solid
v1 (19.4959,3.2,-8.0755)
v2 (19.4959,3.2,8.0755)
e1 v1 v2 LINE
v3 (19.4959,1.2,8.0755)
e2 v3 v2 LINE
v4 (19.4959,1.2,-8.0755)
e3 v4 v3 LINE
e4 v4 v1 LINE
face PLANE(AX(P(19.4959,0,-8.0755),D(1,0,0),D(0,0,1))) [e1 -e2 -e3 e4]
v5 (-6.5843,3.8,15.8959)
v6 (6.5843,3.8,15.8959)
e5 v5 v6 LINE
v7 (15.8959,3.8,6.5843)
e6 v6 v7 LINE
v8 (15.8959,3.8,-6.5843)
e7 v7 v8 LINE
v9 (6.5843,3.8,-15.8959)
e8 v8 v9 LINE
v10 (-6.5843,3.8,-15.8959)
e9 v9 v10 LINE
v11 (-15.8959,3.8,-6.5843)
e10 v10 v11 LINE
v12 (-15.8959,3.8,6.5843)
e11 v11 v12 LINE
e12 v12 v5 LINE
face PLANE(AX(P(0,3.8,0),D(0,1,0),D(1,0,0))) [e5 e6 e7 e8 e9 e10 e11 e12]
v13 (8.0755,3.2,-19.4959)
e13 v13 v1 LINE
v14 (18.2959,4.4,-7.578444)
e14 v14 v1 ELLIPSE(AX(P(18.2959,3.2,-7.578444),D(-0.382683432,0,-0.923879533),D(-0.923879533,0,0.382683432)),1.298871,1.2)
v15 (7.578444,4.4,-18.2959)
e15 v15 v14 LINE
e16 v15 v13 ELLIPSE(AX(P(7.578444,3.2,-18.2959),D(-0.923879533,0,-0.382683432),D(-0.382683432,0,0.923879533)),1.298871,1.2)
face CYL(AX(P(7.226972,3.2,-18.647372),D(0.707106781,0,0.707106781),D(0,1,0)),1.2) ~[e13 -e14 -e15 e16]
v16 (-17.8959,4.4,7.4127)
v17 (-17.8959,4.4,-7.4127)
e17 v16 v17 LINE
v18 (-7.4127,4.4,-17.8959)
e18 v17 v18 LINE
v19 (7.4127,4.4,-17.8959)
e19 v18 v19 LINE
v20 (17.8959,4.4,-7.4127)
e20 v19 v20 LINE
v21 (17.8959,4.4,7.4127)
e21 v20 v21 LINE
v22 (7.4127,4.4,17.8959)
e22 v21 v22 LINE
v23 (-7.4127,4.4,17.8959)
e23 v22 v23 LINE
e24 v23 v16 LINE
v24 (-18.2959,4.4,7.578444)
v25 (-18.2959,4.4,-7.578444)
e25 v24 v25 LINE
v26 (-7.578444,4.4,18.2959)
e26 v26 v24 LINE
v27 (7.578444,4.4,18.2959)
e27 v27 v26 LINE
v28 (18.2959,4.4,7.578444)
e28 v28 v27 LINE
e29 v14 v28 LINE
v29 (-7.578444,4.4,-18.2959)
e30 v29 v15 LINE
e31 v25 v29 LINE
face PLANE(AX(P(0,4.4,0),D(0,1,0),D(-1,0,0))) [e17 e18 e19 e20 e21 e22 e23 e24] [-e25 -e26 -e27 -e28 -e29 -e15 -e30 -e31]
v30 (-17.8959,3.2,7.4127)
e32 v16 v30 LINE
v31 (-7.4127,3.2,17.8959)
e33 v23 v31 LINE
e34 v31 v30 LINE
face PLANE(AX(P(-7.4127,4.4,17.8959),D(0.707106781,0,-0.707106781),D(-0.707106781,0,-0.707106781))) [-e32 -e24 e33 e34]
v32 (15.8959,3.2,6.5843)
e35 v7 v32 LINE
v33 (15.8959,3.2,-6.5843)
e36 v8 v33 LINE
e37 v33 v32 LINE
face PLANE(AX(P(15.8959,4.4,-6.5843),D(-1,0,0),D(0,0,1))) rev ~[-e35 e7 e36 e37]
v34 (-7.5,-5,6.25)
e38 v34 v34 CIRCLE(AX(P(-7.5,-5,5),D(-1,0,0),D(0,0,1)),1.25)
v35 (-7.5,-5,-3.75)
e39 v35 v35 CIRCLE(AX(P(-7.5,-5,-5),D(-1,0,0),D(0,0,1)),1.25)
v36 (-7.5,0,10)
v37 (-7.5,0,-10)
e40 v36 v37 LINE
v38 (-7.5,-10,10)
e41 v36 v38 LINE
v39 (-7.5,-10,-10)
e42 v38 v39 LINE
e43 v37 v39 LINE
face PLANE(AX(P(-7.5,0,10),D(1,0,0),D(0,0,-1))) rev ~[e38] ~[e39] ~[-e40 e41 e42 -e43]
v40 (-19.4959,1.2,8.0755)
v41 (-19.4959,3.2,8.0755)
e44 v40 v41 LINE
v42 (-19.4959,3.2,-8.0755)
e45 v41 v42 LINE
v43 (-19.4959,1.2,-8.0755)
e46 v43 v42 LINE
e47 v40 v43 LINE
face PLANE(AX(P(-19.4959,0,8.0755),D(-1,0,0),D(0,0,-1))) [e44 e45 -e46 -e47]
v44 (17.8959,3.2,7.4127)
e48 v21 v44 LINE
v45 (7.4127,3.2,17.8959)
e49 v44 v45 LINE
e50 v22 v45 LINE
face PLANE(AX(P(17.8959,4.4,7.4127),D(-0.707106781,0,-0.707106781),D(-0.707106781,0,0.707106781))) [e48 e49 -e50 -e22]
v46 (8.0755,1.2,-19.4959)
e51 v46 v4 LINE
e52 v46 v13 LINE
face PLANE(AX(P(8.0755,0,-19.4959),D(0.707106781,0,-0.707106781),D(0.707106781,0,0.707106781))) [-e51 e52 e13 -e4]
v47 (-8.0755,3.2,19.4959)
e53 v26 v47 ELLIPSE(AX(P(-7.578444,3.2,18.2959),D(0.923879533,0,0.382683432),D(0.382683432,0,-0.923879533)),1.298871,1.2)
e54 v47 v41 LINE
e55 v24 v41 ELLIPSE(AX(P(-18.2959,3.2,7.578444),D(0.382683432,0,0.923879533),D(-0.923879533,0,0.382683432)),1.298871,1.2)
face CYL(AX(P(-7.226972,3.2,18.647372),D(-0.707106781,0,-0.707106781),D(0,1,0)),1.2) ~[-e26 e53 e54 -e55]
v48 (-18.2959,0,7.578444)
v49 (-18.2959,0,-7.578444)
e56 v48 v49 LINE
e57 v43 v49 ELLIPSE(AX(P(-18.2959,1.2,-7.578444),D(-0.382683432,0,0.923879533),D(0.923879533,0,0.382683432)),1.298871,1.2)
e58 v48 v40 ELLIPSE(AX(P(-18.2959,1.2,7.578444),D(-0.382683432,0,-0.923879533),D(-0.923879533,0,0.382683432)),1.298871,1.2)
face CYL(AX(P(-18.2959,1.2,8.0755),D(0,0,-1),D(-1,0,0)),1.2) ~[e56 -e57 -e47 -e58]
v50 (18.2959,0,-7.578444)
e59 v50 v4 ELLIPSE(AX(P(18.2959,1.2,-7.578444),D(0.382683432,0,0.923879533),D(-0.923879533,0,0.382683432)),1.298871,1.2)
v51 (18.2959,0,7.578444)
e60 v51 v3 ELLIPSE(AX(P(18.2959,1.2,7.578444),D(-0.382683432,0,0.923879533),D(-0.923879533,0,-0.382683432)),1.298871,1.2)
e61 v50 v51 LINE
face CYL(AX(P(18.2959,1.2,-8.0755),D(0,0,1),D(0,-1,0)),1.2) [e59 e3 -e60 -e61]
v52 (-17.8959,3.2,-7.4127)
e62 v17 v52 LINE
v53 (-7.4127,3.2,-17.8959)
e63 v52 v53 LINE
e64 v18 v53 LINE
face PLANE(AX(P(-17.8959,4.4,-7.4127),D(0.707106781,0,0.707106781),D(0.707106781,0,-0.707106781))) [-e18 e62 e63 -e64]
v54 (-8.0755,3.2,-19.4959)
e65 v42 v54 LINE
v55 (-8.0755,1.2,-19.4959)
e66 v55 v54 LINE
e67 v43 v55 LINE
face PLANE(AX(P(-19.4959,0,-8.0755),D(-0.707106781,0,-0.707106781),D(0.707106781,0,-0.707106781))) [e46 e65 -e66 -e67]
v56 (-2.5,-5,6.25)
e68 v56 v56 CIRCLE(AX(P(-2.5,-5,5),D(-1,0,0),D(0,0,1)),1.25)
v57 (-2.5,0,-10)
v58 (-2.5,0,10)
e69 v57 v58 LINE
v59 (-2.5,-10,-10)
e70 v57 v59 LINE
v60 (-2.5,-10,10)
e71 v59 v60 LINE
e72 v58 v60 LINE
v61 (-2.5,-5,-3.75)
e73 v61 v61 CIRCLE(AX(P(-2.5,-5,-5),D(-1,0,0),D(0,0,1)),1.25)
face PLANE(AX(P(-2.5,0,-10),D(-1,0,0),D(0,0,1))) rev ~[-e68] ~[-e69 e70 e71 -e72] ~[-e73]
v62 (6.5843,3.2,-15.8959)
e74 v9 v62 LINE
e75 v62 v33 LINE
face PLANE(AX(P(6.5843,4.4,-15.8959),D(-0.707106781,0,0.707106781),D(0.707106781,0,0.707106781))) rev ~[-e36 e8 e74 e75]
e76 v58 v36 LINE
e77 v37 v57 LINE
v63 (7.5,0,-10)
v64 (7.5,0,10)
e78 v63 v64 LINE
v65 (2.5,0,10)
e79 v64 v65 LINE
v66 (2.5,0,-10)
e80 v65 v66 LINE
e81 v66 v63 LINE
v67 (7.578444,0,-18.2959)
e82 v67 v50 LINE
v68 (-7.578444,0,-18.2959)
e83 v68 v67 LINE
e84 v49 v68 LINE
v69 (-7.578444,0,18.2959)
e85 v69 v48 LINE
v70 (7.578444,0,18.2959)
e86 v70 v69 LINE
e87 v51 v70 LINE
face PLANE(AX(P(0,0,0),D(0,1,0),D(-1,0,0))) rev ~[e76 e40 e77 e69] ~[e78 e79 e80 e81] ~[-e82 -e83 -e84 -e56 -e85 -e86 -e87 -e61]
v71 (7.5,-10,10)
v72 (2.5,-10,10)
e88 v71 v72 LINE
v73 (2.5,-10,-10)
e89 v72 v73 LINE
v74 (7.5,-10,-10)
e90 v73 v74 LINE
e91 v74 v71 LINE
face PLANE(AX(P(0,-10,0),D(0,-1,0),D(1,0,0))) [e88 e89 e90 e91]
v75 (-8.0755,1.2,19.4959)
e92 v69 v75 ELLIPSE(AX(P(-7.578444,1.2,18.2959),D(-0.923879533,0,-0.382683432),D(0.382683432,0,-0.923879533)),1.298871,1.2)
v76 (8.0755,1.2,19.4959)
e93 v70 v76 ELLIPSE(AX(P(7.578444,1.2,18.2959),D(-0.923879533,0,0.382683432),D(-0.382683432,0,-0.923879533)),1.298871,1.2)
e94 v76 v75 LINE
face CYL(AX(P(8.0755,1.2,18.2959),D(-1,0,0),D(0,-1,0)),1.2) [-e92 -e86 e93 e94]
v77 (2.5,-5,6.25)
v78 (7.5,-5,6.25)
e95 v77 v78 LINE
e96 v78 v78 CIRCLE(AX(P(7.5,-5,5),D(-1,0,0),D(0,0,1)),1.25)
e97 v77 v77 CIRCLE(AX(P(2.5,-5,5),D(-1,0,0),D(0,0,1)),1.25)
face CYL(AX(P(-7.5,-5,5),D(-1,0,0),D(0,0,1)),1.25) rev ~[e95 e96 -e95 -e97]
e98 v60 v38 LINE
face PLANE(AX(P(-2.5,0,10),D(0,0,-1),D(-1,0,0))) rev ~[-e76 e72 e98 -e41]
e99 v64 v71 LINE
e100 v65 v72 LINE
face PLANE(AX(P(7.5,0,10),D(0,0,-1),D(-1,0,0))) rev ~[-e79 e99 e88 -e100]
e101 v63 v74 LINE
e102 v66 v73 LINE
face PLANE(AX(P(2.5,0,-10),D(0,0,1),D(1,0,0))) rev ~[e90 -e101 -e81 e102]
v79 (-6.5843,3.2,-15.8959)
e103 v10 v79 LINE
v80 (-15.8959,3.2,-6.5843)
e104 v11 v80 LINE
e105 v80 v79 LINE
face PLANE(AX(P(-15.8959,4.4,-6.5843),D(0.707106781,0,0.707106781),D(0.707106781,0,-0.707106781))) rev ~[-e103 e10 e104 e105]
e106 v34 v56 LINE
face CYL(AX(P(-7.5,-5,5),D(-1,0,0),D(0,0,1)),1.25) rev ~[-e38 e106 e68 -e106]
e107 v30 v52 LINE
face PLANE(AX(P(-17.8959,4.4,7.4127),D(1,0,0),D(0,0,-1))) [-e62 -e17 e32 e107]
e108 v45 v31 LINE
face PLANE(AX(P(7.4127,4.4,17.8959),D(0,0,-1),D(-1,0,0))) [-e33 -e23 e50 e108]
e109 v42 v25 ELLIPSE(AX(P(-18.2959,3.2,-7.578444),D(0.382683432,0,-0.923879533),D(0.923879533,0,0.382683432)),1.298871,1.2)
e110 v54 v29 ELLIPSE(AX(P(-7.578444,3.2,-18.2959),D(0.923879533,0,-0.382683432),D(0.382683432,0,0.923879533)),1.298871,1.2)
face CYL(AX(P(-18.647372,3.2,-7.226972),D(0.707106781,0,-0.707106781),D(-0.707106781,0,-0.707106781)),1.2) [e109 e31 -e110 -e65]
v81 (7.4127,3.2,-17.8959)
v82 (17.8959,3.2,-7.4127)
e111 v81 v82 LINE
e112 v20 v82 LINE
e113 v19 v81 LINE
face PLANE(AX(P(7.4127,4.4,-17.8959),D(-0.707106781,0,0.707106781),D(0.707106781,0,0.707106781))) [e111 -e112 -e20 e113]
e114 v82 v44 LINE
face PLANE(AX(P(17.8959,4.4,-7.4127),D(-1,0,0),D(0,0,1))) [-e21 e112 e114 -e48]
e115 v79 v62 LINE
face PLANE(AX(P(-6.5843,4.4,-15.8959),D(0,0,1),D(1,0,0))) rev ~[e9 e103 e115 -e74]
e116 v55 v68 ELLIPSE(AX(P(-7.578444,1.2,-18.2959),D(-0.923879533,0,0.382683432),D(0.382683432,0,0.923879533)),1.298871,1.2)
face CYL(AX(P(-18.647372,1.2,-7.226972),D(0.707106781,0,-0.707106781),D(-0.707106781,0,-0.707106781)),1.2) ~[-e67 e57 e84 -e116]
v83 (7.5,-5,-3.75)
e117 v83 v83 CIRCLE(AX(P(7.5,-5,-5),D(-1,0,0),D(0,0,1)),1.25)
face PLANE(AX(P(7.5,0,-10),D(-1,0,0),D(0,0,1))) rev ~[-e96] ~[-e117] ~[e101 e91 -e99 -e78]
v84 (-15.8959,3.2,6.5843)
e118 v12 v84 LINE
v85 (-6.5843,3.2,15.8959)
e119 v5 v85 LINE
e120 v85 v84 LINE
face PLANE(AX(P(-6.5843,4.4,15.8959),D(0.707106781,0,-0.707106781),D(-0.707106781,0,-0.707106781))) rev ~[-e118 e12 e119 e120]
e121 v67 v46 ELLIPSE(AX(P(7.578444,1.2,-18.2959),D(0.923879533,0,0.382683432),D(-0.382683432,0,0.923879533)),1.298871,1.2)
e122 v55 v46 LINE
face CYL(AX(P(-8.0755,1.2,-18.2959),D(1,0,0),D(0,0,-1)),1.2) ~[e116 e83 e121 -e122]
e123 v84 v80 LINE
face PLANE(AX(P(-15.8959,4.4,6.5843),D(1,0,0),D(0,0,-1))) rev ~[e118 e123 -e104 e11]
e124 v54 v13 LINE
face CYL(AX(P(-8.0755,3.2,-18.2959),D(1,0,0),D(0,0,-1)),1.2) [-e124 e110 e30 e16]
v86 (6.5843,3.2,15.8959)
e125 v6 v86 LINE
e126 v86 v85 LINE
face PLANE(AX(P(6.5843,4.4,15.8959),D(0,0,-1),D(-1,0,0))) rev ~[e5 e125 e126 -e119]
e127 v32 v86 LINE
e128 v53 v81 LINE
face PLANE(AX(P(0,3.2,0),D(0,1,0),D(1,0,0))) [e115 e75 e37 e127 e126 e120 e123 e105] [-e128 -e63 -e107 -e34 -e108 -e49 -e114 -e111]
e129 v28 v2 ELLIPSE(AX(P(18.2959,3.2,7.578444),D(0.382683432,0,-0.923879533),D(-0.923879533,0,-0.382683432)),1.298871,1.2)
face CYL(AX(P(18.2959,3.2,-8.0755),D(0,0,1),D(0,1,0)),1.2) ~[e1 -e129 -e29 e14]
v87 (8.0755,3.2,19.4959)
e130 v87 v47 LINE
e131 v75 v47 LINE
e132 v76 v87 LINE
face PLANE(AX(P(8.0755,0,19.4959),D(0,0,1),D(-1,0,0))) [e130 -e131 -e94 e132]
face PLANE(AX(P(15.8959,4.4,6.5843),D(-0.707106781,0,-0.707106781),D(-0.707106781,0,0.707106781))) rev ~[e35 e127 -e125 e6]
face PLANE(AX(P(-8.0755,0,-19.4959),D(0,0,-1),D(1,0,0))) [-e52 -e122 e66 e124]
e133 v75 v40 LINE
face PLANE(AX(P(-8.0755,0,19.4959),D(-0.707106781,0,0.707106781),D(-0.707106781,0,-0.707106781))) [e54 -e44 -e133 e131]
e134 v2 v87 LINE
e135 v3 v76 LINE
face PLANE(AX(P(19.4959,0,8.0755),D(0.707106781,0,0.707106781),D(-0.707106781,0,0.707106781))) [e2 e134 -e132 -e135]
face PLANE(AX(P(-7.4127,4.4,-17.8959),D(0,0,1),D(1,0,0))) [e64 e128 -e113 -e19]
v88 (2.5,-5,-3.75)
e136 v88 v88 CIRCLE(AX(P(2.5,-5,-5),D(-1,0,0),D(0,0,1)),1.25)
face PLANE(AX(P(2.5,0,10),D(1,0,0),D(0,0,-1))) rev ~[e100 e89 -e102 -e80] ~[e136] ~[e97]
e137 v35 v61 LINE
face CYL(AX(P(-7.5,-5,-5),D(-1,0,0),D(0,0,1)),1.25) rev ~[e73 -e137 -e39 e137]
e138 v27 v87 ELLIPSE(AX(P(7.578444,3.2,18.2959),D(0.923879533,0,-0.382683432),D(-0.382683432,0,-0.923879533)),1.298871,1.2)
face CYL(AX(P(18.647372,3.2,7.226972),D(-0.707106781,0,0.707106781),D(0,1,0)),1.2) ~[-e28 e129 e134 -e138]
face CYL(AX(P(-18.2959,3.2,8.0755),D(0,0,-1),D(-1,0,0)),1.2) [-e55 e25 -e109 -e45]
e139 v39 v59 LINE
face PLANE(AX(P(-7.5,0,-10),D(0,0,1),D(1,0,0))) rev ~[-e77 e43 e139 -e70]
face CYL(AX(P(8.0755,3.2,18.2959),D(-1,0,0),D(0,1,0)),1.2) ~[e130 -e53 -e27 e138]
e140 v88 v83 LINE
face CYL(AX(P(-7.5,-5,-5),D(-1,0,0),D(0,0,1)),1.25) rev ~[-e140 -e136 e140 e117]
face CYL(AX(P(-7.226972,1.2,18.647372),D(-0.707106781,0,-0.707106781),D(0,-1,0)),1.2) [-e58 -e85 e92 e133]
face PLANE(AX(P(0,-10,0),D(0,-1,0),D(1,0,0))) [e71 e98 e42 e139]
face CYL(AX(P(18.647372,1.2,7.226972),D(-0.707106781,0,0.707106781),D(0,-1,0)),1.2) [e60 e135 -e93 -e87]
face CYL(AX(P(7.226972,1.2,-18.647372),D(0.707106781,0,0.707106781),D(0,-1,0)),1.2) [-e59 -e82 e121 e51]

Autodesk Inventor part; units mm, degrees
ref_plane "YZ Plane" through (0, 0, 0) normal (1, 0, 0) x (0, 1, 0)
ref_plane "XZ Plane" through (0, 0, 0) normal (0, 1, 0) x (-1, 0, 0)
ref_plane "XY Plane" through (0, 0, 0) normal (0, 0, 1) x (1, 0, 0)
sketch "스케치3" plane through (0, 0, 0) normal (0, 1, 0) x (-1, 0, 0)
  line L0 (19.4959, -8.0755) -> (8.0755, -19.4959)
  line L1 (8.0755, -19.4959) -> (-8.0755, -19.4959)
  line L2 (-8.0755, -19.4959) -> (-19.4959, -8.0755)
  line L3 (-19.4959, -8.0755) -> (-19.4959, 8.0755)
  line L4 (-19.4959, 8.0755) -> (-8.0755, 19.4959)
  line L5 (-8.0755, 19.4959) -> (8.0755, 19.4959)
  line L6 (8.0755, 19.4959) -> (19.4959, 8.0755)
  line L7 (19.4959, 8.0755) -> (19.4959, -8.0755)
  line L8 (6.75, -16.2959) -> (-6.75, -16.2959)
  line L9 (-6.75, -16.2959) -> (-16.2959, -6.75)
  line L10 (-16.2959, -6.75) -> (-16.2959, 6.75)
  line L11 (-16.2959, 6.75) -> (-6.75, 16.2959)
  line L12 (-6.75, 16.2959) -> (6.75, 16.2959)
  line L13 (6.75, 16.2959) -> (16.2959, 6.75)
  line L14 (16.2959, 6.75) -> (16.2959, -6.75)
  line L15 (16.2959, -6.75) -> (6.75, -16.2959)
  point P0 (0, 0)
  point P1 (0, 0)
  point P2 (0, 0)
  point P3 (0, 0)
  dimension "d66" = 13.5
  dimension "d67" = 3.2
extrude "돌출2" add sketch "스케치3" along normal blind 4.4 contours L0 L1 L2 L3 L4 L5 L6 L7 | L8 L9 L10 L11 L12 L13 L14 L15
sketch "스케치9" plane through (0, 0, 0) normal (0, -1, 0) x (1, 0, 0)
  line L0 (7.5, 10) -> (2.5, 10)
  line L1 (2.5, 10) -> (2.5, -10)
  line L2 (2.5, -10) -> (7.5, -10)
  line L3 (7.5, -10) -> (7.5, 10)
  line L4 (7.5, 10) -> (2.5, -10) construction
  line L5 (2.5, 10) -> (7.5, -10) construction
  line L6 (-2.5, 10) -> (-7.5, 10)
  line L7 (-7.5, 10) -> (-7.5, -10)
  line L8 (-7.5, -10) -> (-2.5, -10)
  line L9 (-2.5, 10) -> (-7.5, -10) construction
  line L10 (-7.5, 10) -> (-2.5, -10) construction
  line L11 (-2.5, -10) -> (-2.5, 10)
  point P0 (0, 0)
  point P1 (5, 0)
  point P2 (-5, 0)
  dimension "d42" = 20
  dimension "d43" = 5
  dimension "d44" = 2.5
  dimension "d47" = 10
extrude "돌출8" add sketch "스케치9" along normal blind 10
sketch "스케치10" plane through (-7.5, 0, -10) normal (-1, 0, 0) x (0, 0, 1)
  circle A0 centre (15, -5) radius 1.25
  line L0 (19.9591, 0) -> (0.0886, 0)
  line L1 (18.0755, 0) -> (1.9245, 0) projected
  circle A1 centre (5, -5) radius 1.25
  line L2 (20, 0) -> (20, -10) projected
  point P0 (10, 0)
  dimension "d54" = 2.5
  dimension "d57" = 10
  dimension "d62" = 5
  dimension "d63" = 5
extrude "돌출9" cut sketch "스케치10" against normal blind 20
fillet "모깎기1" radius 1.2 16 edges at (-13.7857, 4.4, 13.7857) (0, 4.4, 19.4959) (13.7857, 4.4, 13.7857) (19.4959, 4.4, 0) (13.7857, 4.4, -13.7857) (0, 4.4, -19.4959) (-13.7857, 4.4, -13.7857) (-19.4959, 4.4, 0) (-13.7857, 0, 13.7857) (0, 0, 19.4959) (13.7857, 0, 13.7857) (19.4959, 0, 0) (13.7857, 0, -13.7857) (0, 0, -19.4959) (-13.7857, 0, -13.7857) (-19.4959, 0, 0)
sketch "스케치12" plane through (0, 4.4, 0) normal (0, 1, 0) x (1, 0, 0)
  line L0 (7.4127, -17.8959) -> (-7.4127, -17.8959)
  line L1 (-7.4127, -17.8959) -> (-17.8959, -7.4127)
  line L2 (-17.8959, -7.4127) -> (-17.8959, 7.4127)
  line L3 (-17.8959, 7.4127) -> (-7.4127, 17.8959)
  line L4 (-7.4127, 17.8959) -> (7.4127, 17.8959)
  line L5 (7.4127, 17.8959) -> (17.8959, 7.4127)
  line L6 (17.8959, 7.4127) -> (17.8959, -7.4127)
  line L7 (17.8959, -7.4127) -> (7.4127, -17.8959)
  line L8 (-6.5843, 15.8959) -> (6.5843, 15.8959)
  line L9 (6.5843, 15.8959) -> (15.8959, 6.5843)
  line L10 (15.8959, 6.5843) -> (15.8959, -6.5843)
  line L11 (15.8959, -6.5843) -> (6.5843, -15.8959)
  line L12 (6.5843, -15.8959) -> (-6.5843, -15.8959)
  line L13 (-6.5843, -15.8959) -> (-15.8959, -6.5843)
  line L14 (-15.8959, -6.5843) -> (-15.8959, 6.5843)
  line L15 (-15.8959, 6.5843) -> (-6.5843, 15.8959)
  line L16 (-18.2959, -7.5784) -> (-18.2959, 7.5784) projected
  line L17 (-19.4959, 8.0755) -> (-19.4959, -8.0755) projected
  point P0 (0, 0)
  point P1 (0, 0)
  point P2 (0, 0)
  point P3 (-17.8959, 0)
  point P4 (-19.4959, 0)
  point P5 (-15.8959, 0)
  dimension "d100" = 1.6
  dimension "d101" = 2
extrude "돌출11" cut sketch "스케치12" against normal blind 1.2
sketch "스케치13" plane through (0, 4.4, 0) normal (0, 1, 0) x (1, 0, 0)
  line L0 (15.8959, 6.5843) -> (6.5843, 15.8959) projected
  line L1 (6.5843, 15.8959) -> (-6.5843, 15.8959) projected
  line L2 (-6.5843, 15.8959) -> (-15.8959, 6.5843) projected
  line L3 (-15.8959, 6.5843) -> (-15.8959, -6.5843) projected
  line L4 (-15.8959, -6.5843) -> (-6.5843, -15.8959) projected
  line L5 (-6.5843, -15.8959) -> (6.5843, -15.8959) projected
  line L6 (6.5843, -15.8959) -> (15.8959, -6.5843) projected
  line L7 (15.8959, -6.5843) -> (15.8959, 6.5843) projected
  point P0 (0, 0)
extrude "돌출12" cut sketch "스케치13" against normal blind 0.6
properties part number "OV-PAM_bottom_2"
